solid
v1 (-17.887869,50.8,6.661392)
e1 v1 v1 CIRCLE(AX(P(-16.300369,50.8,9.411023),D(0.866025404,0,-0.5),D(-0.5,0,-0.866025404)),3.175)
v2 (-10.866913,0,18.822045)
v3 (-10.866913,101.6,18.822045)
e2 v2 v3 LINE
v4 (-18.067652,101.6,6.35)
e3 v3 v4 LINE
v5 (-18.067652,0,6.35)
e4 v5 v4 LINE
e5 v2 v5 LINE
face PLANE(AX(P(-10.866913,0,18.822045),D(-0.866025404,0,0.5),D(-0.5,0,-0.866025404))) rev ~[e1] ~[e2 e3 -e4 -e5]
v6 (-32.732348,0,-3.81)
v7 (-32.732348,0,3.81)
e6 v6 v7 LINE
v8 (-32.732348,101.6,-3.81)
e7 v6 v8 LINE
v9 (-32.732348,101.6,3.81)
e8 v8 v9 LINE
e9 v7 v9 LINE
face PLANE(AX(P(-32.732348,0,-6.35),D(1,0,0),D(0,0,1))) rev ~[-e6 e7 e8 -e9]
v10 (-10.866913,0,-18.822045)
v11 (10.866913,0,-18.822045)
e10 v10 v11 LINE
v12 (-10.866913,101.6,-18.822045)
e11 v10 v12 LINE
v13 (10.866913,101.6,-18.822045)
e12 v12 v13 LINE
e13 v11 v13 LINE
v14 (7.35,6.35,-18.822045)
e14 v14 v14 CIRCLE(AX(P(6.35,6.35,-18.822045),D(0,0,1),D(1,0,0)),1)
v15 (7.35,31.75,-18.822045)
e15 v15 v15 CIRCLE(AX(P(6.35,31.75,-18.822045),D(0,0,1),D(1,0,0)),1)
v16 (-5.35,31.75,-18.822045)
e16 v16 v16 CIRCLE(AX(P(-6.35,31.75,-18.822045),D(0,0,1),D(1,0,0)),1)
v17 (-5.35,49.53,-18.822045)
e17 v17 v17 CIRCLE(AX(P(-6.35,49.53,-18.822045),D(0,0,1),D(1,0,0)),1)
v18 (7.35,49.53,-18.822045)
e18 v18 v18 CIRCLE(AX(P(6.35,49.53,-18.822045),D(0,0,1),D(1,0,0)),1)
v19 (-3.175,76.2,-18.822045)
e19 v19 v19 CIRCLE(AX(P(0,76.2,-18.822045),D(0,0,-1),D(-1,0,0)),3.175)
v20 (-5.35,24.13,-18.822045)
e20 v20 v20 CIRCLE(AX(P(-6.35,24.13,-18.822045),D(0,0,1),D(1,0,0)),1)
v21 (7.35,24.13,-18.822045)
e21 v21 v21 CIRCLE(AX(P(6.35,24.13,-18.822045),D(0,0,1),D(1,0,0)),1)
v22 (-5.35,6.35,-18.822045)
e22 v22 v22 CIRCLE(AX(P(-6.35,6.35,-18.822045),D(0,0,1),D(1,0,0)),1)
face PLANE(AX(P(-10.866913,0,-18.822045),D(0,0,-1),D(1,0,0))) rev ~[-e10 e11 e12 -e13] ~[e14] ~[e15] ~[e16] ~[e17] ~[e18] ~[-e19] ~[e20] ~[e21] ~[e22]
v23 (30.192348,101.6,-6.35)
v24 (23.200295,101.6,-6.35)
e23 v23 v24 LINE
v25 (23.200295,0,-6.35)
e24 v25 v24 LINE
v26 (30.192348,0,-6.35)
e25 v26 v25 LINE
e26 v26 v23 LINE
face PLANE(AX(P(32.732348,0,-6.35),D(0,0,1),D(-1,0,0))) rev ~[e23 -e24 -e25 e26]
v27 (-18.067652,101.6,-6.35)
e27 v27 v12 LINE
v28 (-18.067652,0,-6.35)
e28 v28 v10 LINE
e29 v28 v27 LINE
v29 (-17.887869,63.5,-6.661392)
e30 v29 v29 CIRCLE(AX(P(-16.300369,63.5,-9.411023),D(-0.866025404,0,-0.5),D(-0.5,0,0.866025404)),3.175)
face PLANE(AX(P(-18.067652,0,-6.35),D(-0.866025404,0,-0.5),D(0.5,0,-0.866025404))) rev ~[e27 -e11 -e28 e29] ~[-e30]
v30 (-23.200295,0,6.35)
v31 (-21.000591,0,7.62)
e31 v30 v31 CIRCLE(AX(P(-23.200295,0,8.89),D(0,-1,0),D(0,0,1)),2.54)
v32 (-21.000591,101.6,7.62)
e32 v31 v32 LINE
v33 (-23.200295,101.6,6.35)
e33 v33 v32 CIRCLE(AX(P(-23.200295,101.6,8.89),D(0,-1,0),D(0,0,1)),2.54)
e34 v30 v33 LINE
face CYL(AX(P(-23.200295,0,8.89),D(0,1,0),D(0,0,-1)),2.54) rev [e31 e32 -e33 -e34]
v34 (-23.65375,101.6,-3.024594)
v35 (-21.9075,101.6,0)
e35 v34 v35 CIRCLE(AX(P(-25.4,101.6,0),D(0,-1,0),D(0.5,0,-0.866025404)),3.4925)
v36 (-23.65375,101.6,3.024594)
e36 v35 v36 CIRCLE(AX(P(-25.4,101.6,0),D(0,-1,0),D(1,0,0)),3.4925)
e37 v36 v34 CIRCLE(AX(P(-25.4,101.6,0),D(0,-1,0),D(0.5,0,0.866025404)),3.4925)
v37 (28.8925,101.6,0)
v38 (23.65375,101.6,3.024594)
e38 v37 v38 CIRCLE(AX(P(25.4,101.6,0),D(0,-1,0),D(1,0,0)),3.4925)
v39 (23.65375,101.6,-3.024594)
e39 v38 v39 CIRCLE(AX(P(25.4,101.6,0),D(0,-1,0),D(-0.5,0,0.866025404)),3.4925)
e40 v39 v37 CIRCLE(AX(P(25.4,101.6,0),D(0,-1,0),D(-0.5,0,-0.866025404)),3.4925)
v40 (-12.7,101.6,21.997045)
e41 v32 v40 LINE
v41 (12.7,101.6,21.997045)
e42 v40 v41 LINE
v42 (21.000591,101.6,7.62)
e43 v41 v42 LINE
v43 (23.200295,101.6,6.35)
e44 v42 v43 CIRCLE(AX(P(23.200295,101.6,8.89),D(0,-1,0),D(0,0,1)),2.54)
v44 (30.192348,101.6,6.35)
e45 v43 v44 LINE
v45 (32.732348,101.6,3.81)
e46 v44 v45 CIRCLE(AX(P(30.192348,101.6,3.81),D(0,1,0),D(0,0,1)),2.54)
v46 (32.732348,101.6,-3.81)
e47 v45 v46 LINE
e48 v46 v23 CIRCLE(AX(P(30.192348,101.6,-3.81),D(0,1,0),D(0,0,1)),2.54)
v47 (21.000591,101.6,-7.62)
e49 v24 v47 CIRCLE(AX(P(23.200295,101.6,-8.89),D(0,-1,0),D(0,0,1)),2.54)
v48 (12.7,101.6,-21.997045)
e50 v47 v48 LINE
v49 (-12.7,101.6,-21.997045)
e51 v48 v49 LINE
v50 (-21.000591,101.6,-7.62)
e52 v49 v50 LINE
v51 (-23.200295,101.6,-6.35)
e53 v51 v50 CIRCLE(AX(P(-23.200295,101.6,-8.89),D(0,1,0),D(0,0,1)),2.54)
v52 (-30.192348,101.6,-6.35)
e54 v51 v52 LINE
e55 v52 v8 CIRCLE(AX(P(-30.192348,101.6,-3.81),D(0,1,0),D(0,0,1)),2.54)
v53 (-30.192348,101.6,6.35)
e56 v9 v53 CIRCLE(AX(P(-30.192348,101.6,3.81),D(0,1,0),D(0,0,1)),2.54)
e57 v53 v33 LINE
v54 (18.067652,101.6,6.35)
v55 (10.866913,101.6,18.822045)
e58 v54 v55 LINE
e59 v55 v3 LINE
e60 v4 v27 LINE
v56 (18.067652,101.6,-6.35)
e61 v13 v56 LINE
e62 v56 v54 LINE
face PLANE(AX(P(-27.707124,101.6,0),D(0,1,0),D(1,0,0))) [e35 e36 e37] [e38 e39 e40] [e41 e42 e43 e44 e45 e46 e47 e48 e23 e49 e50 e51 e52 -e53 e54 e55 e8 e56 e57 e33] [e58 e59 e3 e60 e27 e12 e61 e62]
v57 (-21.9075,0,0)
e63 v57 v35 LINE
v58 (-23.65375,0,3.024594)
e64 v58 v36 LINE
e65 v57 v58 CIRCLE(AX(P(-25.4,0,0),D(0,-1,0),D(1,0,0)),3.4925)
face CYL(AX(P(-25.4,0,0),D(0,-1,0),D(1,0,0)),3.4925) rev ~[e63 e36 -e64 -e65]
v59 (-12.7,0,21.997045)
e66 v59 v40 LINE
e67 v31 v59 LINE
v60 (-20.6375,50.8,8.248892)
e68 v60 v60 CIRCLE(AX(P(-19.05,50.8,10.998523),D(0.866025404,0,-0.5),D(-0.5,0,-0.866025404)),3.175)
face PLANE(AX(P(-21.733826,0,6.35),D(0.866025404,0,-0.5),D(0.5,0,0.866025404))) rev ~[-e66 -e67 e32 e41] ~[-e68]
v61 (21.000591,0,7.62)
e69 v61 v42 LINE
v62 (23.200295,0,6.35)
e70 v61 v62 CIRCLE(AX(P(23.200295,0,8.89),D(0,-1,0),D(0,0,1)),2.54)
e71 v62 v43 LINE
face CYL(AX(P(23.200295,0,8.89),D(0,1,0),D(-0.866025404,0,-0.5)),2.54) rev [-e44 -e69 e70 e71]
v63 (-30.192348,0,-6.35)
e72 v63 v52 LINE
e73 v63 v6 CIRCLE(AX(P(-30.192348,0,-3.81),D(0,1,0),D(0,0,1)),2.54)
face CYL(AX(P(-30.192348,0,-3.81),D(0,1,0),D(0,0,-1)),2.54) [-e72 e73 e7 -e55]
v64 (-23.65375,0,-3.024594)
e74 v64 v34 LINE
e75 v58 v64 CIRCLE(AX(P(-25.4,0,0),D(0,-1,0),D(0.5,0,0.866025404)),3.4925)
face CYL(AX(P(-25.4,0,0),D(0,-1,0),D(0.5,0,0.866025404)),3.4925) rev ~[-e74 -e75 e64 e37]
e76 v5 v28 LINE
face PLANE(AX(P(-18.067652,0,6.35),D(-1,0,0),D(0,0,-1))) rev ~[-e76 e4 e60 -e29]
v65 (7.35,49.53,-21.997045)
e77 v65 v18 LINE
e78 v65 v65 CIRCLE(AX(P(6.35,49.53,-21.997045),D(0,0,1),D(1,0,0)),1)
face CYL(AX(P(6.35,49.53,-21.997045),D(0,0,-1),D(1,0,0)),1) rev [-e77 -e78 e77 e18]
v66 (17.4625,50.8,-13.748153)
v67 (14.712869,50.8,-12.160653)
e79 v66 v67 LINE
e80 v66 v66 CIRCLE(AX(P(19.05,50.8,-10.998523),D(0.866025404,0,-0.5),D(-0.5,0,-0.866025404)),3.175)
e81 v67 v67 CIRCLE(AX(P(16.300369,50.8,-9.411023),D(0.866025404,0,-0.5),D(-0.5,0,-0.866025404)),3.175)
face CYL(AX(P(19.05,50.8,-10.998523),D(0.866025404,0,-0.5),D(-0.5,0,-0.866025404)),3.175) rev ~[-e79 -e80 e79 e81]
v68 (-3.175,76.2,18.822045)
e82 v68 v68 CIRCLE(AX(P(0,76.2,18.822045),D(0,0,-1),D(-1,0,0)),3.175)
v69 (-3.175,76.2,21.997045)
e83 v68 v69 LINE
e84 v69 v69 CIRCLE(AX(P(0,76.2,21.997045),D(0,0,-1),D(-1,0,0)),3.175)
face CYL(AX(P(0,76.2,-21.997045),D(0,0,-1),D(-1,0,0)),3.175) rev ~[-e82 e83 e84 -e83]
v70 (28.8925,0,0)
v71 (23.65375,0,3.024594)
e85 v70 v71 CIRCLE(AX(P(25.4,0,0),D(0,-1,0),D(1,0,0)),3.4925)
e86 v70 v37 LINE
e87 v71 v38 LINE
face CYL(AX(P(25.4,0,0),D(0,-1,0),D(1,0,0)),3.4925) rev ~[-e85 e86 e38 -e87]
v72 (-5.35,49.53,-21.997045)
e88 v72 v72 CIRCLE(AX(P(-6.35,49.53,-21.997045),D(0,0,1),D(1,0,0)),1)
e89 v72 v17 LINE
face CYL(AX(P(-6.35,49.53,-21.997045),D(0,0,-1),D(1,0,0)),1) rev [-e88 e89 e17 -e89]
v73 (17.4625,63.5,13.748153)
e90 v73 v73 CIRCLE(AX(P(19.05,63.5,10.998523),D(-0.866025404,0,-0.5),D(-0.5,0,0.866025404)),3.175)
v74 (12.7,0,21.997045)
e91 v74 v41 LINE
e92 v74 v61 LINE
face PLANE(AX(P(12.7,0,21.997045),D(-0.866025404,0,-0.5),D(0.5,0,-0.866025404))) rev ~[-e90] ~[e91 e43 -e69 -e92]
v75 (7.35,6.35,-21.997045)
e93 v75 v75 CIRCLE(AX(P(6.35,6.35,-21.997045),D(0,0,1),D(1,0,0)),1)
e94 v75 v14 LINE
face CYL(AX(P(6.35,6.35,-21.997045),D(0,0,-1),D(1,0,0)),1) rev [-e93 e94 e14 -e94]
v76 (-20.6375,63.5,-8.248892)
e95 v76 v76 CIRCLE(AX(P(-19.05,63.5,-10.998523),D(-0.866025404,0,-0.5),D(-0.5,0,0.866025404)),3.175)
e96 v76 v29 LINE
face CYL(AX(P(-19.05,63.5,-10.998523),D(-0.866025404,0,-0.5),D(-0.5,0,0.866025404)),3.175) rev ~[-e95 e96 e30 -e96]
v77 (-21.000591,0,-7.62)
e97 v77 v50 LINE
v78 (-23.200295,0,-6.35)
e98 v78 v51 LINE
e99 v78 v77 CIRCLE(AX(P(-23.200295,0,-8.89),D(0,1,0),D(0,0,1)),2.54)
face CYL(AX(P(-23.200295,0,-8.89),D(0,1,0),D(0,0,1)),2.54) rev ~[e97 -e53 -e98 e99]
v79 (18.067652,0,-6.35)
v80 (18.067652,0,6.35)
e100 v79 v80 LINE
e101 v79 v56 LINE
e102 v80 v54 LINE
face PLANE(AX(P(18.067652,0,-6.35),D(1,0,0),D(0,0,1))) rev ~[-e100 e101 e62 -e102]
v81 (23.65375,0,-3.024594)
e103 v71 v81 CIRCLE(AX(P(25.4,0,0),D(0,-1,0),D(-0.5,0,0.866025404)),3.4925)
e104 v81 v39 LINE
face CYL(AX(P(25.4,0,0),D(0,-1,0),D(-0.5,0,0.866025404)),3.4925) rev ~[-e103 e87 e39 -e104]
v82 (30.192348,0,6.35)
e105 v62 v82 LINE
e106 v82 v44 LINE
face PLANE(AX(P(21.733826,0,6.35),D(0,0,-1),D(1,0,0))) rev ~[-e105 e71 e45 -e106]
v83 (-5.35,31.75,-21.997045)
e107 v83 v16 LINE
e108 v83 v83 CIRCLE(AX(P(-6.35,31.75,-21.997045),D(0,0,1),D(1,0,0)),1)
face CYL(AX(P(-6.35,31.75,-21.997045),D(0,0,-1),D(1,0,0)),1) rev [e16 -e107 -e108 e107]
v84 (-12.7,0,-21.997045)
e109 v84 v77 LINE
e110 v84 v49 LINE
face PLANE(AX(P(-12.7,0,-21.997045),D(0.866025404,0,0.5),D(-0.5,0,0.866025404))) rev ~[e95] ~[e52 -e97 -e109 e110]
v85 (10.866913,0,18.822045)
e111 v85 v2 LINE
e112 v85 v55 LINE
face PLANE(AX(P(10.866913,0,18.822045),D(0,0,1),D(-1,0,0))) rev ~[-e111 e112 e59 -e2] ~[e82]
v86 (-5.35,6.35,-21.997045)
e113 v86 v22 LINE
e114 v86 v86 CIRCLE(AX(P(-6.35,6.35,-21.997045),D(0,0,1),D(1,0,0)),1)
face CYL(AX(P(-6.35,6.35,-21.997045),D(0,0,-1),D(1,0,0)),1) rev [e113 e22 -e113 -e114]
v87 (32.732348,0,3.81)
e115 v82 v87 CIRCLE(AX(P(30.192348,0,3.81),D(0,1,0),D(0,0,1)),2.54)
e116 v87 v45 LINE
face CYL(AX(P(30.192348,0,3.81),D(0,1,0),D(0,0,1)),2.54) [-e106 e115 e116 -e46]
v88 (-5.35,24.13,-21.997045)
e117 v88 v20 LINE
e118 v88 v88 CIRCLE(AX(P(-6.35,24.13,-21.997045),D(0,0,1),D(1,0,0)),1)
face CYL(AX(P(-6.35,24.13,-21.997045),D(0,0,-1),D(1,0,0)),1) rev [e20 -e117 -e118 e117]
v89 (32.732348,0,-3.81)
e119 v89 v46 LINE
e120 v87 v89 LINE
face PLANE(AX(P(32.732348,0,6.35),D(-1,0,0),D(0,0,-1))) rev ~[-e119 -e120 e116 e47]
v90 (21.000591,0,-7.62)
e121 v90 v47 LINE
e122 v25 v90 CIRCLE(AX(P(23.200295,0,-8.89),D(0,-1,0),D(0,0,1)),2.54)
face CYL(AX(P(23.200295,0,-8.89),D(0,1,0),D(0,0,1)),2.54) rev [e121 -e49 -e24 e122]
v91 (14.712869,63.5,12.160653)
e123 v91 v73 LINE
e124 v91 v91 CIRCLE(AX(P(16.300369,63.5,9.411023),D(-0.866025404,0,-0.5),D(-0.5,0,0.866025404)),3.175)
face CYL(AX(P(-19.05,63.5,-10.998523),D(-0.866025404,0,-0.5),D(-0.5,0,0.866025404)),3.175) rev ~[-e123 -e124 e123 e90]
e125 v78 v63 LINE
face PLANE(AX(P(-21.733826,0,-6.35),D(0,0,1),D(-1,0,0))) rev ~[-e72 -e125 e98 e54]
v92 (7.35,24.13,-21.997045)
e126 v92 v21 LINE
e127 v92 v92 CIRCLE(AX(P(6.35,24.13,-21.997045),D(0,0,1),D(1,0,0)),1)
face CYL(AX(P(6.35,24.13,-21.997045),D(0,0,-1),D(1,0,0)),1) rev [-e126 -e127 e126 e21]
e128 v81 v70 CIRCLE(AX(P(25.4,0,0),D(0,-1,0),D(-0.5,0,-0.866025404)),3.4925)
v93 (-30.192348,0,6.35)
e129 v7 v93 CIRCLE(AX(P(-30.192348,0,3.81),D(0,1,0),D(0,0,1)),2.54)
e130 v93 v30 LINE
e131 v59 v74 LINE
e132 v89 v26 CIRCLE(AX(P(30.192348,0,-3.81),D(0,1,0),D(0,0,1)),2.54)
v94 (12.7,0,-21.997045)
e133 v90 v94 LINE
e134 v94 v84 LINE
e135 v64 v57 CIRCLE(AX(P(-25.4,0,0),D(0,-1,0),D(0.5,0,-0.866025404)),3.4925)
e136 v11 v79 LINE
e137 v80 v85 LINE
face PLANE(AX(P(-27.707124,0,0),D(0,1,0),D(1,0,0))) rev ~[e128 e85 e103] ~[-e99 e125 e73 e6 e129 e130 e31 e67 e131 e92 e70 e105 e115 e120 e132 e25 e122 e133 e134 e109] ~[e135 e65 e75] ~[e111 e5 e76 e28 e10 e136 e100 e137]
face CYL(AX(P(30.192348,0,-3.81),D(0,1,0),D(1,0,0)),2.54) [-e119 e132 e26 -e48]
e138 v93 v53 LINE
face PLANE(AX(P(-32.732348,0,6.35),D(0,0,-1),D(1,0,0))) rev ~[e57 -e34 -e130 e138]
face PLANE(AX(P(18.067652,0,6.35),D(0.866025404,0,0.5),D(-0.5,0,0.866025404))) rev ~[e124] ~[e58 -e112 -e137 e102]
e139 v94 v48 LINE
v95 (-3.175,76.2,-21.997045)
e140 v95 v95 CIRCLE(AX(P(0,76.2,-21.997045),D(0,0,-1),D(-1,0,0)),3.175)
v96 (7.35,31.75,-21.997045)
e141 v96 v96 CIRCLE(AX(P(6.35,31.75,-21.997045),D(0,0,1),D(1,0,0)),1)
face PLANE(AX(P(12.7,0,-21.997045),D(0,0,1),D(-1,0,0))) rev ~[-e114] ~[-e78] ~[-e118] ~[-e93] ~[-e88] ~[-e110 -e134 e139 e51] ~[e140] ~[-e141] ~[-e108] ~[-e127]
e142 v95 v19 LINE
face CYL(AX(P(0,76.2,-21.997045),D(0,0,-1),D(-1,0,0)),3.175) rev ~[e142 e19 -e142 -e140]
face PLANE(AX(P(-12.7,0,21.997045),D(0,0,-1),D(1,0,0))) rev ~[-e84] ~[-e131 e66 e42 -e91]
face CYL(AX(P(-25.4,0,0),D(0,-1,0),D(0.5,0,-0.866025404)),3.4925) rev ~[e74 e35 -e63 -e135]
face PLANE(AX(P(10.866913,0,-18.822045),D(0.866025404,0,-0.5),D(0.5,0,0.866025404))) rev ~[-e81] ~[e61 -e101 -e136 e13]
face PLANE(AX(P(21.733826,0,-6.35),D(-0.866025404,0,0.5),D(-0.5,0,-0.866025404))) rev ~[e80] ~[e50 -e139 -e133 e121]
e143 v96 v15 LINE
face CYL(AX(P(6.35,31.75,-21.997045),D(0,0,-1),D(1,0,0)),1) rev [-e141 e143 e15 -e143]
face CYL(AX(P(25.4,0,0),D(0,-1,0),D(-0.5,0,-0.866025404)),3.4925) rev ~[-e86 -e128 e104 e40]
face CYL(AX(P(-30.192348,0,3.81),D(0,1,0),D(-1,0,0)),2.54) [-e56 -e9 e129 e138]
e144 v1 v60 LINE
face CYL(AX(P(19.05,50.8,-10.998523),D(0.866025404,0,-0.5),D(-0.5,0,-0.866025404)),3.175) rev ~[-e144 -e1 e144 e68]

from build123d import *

# Parameters (mm, degrees)
BOSS_EXTRUDE1_DEPTH = 101.6
FILLET1_R           = 2.54
SKETCH9_R           = 1
CUT_EXTRUDE7_DEPTH  = 3.175
SKETCH11_R          = 3.175
CUT_EXTRUDE8_DEPTH  = 44.994090512
SKETCH12_R          = 3.175
CUT_EXTRUDE9_DEPTH  = 62.34261314
SKETCH13_R          = 3.175
CUT_EXTRUDE10_DEPTH = 62.34261314


with BuildPart() as part:
    # Sketch2 → Boss-Extrude1 (new body)
    with BuildSketch(Plane(origin=(0, 0, 0), x_dir=(1, 0, 0), z_dir=(0, 1, 0))):
        with BuildLine():
            Line((-23.65375, 3.024593723), (-21.733825791, 6.35))
            Line((-21.733825791, 6.35), (-32.732348419, 6.35))
            Line((-32.732348419, 6.35), (-32.732348419, -6.35))
            Line((-32.732348419, -6.35), (-21.733825791, -6.35))
            Line((-21.733825791, -6.35), (-23.65375, -3.024593723))
            ThreePointArc((-23.65375, -3.024593723), (-28.8925, 0), (-23.65375, 3.024593723))
        make_face()
        with BuildLine():
            Line((32.732348419, 6.35), (21.733825791, 6.35))
            Line((21.733825791, 6.35), (23.65375, 3.024593723))
            ThreePointArc((23.65375, 3.024593723), (27.14625, 3.024593723), (28.8925, 0))
            ThreePointArc((28.8925, 0), (27.14625, -3.024593723), (23.65375, -3.024593723))
            Line((23.65375, -3.024593723), (21.733825791, -6.35))
            Line((21.733825791, -6.35), (32.732348419, -6.35))
            Line((32.732348419, -6.35), (32.732348419, 6.35))
        make_face()
        Polygon((12.7, 21.997045256), (-12.7, 21.997045256), (-21.733825791, 6.35), (-18.067651581, 6.35), (-10.866912895, 18.822045256), (10.866912895, 18.822045256), (18.067651581, 6.35), (21.733825791, 6.35), align=None)
        Polygon((-10.866912895, -18.822045256), (-18.067651581, -6.35), (-21.733825791, -6.35), (-12.7, -21.997045256), (12.7, -21.997045256), (21.733825791, -6.35), (18.067651581, -6.35), (10.866912895, -18.822045256), align=None)
        with BuildLine():
            Line((-18.067651581, 6.35), (-21.733825791, 6.35))
            Line((-21.733825791, 6.35), (-23.65375, 3.024593723))
            ThreePointArc((-23.65375, 3.024593723), (-22.375406277, 1.74625), (-21.9075, 0))
            ThreePointArc((-21.9075, 0), (-22.375406277, -1.74625), (-23.65375, -3.024593723))
            Line((-23.65375, -3.024593723), (-21.733825791, -6.35))
            Line((-21.733825791, -6.35), (-18.067651581, -6.35))
            Line((-18.067651581, -6.35), (-21.733825791, 0))
            Line((-21.733825791, 0), (-18.067651581, 6.35))
        make_face()
        Polygon((-18.067651581, -6.35), (-18.067651581, 6.35), (-21.733825791, 0), align=None)
        with BuildLine():
            Line((23.65375, 3.024593723), (21.733825791, 6.35))
            Line((21.733825791, 6.35), (18.067651581, 6.35))
            Line((18.067651581, 6.35), (21.733825791, 0))
            Line((21.733825791, 0), (18.067651581, -6.35))
            Line((18.067651581, -6.35), (21.733825791, -6.35))
            Line((21.733825791, -6.35), (23.65375, -3.024593723))
            ThreePointArc((23.65375, -3.024593723), (21.9075, 0), (23.65375, 3.024593723))
        make_face()
        Polygon((21.733825791, 0), (18.067651581, 6.35), (18.067651581, -6.35), align=None)
    extrude(amount=BOSS_EXTRUDE1_DEPTH)

    # Fillet1
    fillet1_edges = [part.edges().sort_by_distance(p)[0] for p in [
        (21.733825791, 50.8, -6.35),
        (32.732348419, 50.8, -6.35),
        (32.732348419, 50.8, 6.35),
        (21.733825791, 50.8, 6.35),
        (-21.733825791, 50.8, 6.35),
        (-32.732348419, 50.8, 6.35),
        (-32.732348419, 50.8, -6.35),
        (-21.733825791, 50.8, -6.35),
    ]]
    fillet(fillet1_edges, radius=FILLET1_R)

    # Sketch9 → Cut-Extrude7 (cut)
    with BuildSketch(Plane.XY.offset(-21.997045256)):
        with Locations((-6.35, 6.35)):
            Circle(SKETCH9_R)
        with Locations((-6.35, 24.13)):
            Circle(SKETCH9_R)
        with Locations((6.35, 6.35)):
            Circle(SKETCH9_R)
        with Locations((6.35, 24.13)):
            Circle(SKETCH9_R)
        with Locations((-6.35, 49.53)):
            Circle(SKETCH9_R)
        with Locations((-6.35, 31.75)):
            Circle(SKETCH9_R)
        with Locations((6.35, 49.53)):
            Circle(SKETCH9_R)
        with Locations((6.35, 31.75)):
            Circle(SKETCH9_R)
    extrude(amount=CUT_EXTRUDE7_DEPTH, mode=Mode.SUBTRACT)

    # Sketch11 → Cut-Extrude8 (cut, through all)
    with BuildSketch(Plane(origin=(0, 0, -21.997045256), x_dir=(-1, 0, 0), z_dir=(0, 0, -1))):
        with Locations((0, 76.2)):
            Circle(SKETCH11_R)
    extrude(amount=-CUT_EXTRUDE8_DEPTH, mode=Mode.SUBTRACT)

    # Sketch12 → Cut-Extrude9 (cut, through all)
    with BuildSketch(Plane(origin=(-19.05, 0, -10.998522628), x_dir=(-0.5, 0, 0.866025404), z_dir=(-0.866025404, 0, -0.5))):
        with Locations((0, 63.5)):
            Circle(SKETCH12_R)
    extrude(amount=-CUT_EXTRUDE9_DEPTH, mode=Mode.SUBTRACT)

    # Sketch13 → Cut-Extrude10 (cut, through all)
    with BuildSketch(Plane(origin=(19.05, 0, -10.998522628), x_dir=(-0.5, 0, -0.866025404), z_dir=(0.866025404, 0, -0.5))):
        with Locations((0, 50.8)):
            Circle(SKETCH13_R)
    extrude(amount=-CUT_EXTRUDE10_DEPTH, mode=Mode.SUBTRACT)


solid = part.part
